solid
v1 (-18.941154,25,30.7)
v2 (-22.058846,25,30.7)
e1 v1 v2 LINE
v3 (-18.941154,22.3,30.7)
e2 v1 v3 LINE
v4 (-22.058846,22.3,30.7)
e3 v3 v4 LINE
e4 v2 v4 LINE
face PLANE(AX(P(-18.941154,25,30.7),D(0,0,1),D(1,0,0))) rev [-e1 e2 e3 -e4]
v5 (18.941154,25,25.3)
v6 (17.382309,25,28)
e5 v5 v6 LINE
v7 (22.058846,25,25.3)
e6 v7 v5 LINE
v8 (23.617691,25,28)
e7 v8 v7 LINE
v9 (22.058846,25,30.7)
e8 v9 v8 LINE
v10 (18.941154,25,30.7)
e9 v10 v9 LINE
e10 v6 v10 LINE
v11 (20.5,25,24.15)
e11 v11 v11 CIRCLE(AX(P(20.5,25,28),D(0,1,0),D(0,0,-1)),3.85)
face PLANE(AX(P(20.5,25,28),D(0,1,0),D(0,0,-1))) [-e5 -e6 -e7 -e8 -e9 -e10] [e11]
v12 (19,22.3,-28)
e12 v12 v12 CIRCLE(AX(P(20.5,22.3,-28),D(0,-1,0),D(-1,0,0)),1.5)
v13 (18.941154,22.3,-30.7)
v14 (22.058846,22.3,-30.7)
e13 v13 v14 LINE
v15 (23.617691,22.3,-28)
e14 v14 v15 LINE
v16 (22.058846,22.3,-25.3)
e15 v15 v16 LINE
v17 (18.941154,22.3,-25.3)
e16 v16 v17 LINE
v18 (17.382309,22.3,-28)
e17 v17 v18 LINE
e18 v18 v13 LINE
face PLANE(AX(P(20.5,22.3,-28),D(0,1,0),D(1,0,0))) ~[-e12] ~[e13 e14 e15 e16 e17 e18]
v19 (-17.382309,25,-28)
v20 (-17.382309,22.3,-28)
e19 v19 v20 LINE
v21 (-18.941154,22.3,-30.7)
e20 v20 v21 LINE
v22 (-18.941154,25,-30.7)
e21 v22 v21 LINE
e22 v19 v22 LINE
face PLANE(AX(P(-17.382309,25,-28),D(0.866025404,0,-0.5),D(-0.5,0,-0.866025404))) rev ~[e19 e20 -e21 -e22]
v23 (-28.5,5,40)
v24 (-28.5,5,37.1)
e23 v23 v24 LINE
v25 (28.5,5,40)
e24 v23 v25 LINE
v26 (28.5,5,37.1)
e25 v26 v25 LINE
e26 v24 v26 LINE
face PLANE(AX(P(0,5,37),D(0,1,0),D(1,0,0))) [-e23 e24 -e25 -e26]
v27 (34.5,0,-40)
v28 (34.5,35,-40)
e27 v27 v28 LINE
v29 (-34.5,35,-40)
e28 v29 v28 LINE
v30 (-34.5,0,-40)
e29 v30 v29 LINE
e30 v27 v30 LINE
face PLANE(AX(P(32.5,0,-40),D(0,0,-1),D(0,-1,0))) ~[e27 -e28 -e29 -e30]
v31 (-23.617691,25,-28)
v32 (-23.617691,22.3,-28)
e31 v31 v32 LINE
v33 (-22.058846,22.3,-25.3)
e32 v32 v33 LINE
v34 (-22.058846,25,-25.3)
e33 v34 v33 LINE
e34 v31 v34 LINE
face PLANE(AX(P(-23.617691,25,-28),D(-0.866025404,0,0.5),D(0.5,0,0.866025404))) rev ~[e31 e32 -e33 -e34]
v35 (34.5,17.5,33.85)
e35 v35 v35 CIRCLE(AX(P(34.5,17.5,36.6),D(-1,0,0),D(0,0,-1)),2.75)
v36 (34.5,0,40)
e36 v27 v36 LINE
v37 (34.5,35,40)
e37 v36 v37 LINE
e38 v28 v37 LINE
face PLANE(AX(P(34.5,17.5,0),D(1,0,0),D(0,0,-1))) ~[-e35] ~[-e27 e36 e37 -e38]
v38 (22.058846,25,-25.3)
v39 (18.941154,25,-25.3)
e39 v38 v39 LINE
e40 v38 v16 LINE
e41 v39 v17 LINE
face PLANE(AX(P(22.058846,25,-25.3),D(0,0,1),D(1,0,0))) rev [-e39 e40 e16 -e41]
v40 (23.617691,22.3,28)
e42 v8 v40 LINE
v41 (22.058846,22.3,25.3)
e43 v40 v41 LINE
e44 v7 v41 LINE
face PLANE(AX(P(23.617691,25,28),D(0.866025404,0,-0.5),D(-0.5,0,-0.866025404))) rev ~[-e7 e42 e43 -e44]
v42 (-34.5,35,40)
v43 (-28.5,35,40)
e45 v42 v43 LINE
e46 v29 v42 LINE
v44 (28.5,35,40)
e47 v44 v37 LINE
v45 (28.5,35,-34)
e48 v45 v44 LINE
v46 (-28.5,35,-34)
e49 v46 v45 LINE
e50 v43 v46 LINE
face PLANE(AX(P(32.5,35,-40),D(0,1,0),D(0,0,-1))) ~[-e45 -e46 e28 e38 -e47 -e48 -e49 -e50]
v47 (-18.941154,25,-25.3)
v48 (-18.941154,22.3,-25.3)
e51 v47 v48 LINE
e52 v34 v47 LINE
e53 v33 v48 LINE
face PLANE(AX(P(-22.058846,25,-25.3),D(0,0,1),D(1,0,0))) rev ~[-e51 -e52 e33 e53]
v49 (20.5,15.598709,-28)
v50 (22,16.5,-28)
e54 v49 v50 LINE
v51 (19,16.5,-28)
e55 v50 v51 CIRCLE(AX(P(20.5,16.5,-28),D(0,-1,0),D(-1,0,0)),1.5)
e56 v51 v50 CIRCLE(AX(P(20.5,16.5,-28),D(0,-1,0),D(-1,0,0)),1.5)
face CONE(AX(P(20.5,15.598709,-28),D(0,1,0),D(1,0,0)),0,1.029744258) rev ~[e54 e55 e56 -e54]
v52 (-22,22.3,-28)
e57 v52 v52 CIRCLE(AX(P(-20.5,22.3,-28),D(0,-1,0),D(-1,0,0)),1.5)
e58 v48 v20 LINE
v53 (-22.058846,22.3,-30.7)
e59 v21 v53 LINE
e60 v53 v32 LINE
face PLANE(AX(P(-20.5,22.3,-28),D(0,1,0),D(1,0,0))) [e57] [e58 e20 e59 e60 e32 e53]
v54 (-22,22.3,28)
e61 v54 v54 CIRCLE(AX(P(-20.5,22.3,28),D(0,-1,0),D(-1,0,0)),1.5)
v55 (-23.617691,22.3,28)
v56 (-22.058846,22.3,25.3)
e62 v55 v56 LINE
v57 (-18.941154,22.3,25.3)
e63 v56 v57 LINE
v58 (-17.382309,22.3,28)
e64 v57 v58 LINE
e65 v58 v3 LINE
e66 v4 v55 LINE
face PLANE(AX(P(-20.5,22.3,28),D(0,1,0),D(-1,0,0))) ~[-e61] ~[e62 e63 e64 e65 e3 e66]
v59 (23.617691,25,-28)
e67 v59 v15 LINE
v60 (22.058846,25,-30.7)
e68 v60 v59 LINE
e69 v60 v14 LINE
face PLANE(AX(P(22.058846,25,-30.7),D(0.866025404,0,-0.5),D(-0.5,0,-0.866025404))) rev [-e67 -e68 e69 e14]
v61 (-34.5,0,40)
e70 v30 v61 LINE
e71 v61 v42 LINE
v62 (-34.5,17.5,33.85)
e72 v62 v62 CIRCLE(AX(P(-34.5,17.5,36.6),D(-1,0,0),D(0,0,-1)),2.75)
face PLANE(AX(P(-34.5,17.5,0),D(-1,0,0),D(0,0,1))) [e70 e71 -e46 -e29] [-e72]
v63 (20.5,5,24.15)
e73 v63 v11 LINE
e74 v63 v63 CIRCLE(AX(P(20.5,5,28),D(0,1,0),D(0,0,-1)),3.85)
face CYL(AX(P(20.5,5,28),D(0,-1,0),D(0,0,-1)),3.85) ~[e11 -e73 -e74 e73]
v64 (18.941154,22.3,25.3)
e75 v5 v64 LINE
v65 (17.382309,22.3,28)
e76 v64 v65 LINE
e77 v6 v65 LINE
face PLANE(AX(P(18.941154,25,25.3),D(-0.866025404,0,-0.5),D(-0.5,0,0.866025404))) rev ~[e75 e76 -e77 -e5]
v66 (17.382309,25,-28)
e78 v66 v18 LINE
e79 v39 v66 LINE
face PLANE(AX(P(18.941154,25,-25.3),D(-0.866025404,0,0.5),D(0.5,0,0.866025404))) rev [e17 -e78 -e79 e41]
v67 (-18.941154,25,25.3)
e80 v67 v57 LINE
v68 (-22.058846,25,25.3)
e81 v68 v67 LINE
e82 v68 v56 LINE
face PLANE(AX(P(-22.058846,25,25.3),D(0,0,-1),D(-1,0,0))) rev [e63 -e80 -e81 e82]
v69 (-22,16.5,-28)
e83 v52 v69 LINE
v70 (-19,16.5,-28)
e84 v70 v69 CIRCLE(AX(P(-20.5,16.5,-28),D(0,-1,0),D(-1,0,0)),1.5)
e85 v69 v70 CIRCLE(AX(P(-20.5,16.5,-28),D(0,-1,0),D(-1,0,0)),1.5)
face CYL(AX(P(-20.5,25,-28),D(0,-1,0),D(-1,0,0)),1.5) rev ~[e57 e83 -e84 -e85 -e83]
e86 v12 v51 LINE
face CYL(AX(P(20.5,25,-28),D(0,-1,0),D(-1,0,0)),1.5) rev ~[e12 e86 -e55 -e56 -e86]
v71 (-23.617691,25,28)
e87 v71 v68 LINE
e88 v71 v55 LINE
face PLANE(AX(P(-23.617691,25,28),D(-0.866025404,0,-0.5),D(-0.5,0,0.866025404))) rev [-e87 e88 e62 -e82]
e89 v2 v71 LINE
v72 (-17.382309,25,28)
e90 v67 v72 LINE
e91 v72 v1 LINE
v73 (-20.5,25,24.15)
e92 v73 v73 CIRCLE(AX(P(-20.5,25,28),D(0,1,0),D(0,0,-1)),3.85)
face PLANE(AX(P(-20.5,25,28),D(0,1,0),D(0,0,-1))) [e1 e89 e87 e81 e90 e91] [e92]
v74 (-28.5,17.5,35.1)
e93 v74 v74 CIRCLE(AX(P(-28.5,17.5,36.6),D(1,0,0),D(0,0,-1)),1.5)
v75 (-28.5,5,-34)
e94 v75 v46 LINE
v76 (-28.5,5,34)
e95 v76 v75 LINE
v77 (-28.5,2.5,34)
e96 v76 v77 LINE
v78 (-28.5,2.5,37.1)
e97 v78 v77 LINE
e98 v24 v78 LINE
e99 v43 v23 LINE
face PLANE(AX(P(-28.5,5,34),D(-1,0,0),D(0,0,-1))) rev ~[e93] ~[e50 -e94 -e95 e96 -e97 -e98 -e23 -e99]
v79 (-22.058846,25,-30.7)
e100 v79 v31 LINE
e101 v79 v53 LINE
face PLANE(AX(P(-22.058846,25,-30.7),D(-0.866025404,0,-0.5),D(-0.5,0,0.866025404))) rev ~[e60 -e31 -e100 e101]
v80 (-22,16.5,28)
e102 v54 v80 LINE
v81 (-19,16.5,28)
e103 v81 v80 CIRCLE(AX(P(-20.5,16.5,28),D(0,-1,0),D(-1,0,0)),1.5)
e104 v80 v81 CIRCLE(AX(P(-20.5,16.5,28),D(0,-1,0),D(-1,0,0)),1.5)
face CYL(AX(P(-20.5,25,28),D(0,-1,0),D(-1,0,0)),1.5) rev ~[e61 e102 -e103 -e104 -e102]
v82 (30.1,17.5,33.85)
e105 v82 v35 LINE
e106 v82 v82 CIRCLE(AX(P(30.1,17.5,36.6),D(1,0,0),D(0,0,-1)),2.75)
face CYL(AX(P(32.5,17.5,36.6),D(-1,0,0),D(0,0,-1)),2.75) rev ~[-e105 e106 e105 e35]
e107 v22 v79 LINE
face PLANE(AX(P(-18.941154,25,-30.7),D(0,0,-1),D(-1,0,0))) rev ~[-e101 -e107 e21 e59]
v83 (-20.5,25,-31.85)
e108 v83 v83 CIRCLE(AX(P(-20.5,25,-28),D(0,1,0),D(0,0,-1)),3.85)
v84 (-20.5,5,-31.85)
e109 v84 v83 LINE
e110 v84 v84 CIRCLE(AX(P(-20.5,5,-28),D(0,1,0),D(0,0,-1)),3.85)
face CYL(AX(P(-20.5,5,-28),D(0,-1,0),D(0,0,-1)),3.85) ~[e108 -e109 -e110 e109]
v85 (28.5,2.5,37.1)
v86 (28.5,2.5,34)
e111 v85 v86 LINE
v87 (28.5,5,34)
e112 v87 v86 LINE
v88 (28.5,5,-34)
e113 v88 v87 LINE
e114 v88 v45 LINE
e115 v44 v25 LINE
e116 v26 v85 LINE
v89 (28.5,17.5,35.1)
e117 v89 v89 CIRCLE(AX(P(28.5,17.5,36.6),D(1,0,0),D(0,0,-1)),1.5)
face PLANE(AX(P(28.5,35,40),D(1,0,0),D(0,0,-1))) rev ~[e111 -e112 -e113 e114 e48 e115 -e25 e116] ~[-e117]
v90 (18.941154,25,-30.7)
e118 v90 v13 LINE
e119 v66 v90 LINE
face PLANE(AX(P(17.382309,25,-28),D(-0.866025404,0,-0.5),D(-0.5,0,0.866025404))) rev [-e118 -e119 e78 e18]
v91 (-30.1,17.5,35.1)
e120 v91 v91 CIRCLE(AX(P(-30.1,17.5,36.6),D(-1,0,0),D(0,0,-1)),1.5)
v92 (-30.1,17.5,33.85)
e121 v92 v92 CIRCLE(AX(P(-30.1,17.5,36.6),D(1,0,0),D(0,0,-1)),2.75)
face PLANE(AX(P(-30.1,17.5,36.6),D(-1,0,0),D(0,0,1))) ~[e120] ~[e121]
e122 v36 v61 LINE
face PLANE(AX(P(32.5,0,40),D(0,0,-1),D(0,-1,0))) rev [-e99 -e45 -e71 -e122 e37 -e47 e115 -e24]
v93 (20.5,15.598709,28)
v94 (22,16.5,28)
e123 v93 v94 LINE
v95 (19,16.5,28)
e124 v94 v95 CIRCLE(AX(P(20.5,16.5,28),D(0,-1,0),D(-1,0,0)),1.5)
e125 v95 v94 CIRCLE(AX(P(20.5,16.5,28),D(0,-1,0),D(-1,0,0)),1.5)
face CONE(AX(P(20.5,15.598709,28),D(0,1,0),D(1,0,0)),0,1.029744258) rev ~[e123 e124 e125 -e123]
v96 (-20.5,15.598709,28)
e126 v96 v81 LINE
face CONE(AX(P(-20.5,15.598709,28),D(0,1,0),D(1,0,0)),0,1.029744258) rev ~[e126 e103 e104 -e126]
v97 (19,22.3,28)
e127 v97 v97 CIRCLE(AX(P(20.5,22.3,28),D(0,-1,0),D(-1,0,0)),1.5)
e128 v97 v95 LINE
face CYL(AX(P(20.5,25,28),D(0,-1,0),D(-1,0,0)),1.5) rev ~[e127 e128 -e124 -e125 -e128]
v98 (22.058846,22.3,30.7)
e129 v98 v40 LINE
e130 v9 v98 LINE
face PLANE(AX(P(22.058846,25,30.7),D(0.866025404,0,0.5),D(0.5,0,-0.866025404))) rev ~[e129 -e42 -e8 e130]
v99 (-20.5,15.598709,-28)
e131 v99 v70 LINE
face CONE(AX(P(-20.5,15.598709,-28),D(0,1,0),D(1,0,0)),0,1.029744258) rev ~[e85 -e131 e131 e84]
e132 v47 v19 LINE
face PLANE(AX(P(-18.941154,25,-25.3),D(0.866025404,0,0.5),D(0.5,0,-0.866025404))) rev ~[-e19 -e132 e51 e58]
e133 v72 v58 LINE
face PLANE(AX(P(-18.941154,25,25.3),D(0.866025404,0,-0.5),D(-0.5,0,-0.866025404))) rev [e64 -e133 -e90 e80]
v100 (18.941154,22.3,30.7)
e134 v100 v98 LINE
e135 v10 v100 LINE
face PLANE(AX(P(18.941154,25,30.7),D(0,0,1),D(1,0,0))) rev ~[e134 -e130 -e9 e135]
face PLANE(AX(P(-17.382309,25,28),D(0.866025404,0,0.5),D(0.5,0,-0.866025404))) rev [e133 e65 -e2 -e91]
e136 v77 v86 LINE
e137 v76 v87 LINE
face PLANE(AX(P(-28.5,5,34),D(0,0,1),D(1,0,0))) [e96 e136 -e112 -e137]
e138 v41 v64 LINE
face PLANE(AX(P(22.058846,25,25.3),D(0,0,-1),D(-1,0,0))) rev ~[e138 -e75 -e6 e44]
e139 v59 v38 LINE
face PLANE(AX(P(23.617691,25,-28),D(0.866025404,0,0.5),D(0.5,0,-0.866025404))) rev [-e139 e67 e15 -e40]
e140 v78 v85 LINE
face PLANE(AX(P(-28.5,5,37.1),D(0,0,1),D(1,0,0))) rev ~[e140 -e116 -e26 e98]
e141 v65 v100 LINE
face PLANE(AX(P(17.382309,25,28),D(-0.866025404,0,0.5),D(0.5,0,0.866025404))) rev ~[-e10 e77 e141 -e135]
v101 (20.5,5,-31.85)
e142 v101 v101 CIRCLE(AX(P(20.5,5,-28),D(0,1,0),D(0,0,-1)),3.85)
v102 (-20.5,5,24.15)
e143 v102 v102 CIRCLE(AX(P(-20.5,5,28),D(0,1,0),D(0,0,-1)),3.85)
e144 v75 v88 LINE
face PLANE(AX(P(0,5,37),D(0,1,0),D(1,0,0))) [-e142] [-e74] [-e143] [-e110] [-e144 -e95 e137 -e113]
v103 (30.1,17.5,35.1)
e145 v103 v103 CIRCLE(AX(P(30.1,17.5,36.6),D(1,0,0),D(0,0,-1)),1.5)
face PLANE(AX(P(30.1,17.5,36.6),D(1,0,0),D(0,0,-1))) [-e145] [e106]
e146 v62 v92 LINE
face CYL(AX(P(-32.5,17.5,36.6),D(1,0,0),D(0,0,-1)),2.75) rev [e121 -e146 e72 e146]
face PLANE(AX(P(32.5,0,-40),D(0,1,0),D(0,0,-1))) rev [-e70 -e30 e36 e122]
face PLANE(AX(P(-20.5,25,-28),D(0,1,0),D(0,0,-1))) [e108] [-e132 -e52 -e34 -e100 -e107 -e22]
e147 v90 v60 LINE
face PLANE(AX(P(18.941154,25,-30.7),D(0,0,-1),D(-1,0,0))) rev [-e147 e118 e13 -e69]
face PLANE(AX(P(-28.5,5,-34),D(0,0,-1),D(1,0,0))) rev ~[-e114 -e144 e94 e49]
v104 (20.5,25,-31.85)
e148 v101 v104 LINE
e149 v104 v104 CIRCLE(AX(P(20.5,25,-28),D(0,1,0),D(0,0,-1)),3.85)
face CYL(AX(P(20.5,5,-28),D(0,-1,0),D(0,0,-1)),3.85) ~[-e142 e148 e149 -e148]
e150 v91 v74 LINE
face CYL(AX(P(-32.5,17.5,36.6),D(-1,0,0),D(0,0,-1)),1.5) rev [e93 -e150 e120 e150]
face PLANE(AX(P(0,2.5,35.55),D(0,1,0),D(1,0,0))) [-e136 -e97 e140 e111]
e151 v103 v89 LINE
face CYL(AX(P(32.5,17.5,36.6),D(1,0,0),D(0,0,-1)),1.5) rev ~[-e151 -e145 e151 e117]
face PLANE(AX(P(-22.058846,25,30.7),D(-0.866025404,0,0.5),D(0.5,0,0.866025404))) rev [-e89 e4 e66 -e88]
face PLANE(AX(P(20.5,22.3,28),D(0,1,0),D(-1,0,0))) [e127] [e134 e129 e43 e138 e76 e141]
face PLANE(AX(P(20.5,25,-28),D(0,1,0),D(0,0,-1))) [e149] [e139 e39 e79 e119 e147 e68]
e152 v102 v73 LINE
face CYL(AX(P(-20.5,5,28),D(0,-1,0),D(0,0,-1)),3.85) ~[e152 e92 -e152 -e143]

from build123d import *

# Parameters (mm, degrees)
SKETCH1_W                                = 65
SKETCH1_H                                = 80
BOSS_EXTRUDE1_DEPTH                      = 5
SKETCH2_W                                = 65
SKETCH2_H                                = 80
SKETCH2_W_2                              = 57
SKETCH2_H_2                              = 68
BOSS_EXTRUDE2_DEPTH                      = 30
SKETCH3_R                                = 3.85
BOSS_EXTRUDE3_DEPTH                      = 20
F_3_0MM_DOWEL_HOLE1_D                    = 3
F_3_0MM_DOWEL_HOLE1_DEPTH                = 8.5
F_3_0MM_DOWEL_HOLE1_CSINK_D              = 3.05
F_3_0MM_DOWEL_HOLE1_CSINK_ANGLE          = 90
F_3_0MM_DOWEL_HOLE1_TIP                  = 0.901290929
CUT_EXTRUDE1_DEPTH                       = 2.7
MIRROR1_AT_THE_SECOND_PLANE_COPY_1_DEPTH = 2.7
SKETCH13_R                               = 2.75
CUT_EXTRUDE4_DEPTH                       = 2.4
SKETCH14_R                               = 1.5
CUT_EXTRUDE5_DEPTH                       = 4
SKETCH11_W                               = 57
SKETCH11_H                               = 6
CUT_EXTRUDE2_DEPTH                       = 30
SKETCH15_W                               = 57
SKETCH15_H                               = 3.1
CUT_EXTRUDE6_DEPTH                       = 2.5
SKETCH16_W                               = 80
SKETCH16_H                               = 35
SKETCH16_R                               = 2.75
BOSS_EXTRUDE4_DEPTH                      = 2


with BuildPart() as part:
    # Sketch1 → Boss-Extrude1 (new body)
    with BuildSketch(Plane(origin=(0, 0, 0), x_dir=(1, 0, 0), z_dir=(0, 1, 0))):
        Rectangle(SKETCH1_W, SKETCH1_H)
    extrude(amount=BOSS_EXTRUDE1_DEPTH)

    # Sketch2 → Boss-Extrude2 (add)
    with BuildSketch(Plane(origin=(0, 5, 0), x_dir=(1, 0, 0), z_dir=(0, 1, 0))):
        Rectangle(SKETCH2_W, SKETCH2_H)
        Rectangle(SKETCH2_W_2, SKETCH2_H_2, mode=Mode.SUBTRACT)
    extrude(amount=BOSS_EXTRUDE2_DEPTH)

    # Sketch3 → Boss-Extrude3 (add)
    with BuildSketch(Plane(origin=(0, 5, 0), x_dir=(1, 0, 0), z_dir=(0, 1, 0))):
        with Locations(Location((-20.5, -28, 0), (0, 0, 90))):
            Circle(SKETCH3_R)
        with Locations(Location((20.5, -28, 0), (0, 0, 90))):
            Circle(SKETCH3_R)
        with Locations(Location((20.5, 28, 0), (0, 0, 90))):
            Circle(SKETCH3_R)
        with Locations(Location((-20.5, 28, 0), (0, 0, 90))):
            Circle(SKETCH3_R)
    extrude(amount=BOSS_EXTRUDE3_DEPTH)

    # Ø3.0mm Dowel Hole1
    with Locations(Plane(origin=(0, 25, 0), x_dir=(1, 0, 0), z_dir=(0, 1, 0))):
        with Locations((-20.5, 28), (20.5, 28), (20.5, -28), (-20.5, -28)):
            CounterSinkHole(F_3_0MM_DOWEL_HOLE1_D / 2, F_3_0MM_DOWEL_HOLE1_CSINK_D / 2, depth=F_3_0MM_DOWEL_HOLE1_DEPTH, counter_sink_angle=F_3_0MM_DOWEL_HOLE1_CSINK_ANGLE)
            with Locations((0, 0, -(F_3_0MM_DOWEL_HOLE1_DEPTH + F_3_0MM_DOWEL_HOLE1_TIP / 2))):  # 118° drill point
                Cone(0, F_3_0MM_DOWEL_HOLE1_D / 2, F_3_0MM_DOWEL_HOLE1_TIP, mode=Mode.SUBTRACT)

    # Sketch8 → Cut-Extrude1 (cut)
    with BuildSketch(Plane(origin=(0, 25, 0), x_dir=(1, 0, 0), z_dir=(0, 1, 0))):
        Polygon((-17.382308546, 28), (-18.941154273, 30.7), (-22.058845727, 30.7), (-23.617691454, 28), (-22.058845727, 25.3), (-18.941154273, 25.3), align=None)
    cut_extrude1 = extrude(amount=-CUT_EXTRUDE1_DEPTH, mode=Mode.SUBTRACT)

    # Mirror1: Cut-Extrude1 across plane
    add(cut_extrude1.mirror(Plane.XY), mode=Mode.SUBTRACT)

    # Mirror1 at the second plane: Cut-Extrude1 across plane
    add(cut_extrude1.mirror(Plane(origin=(0, 0, 0), x_dir=(0, 0, 1), z_dir=(1, 0, 0))), mode=Mode.SUBTRACT)

    # Mirror1 at the second plane copy 1 sketc → Mirror1 at the second plane copy 1 (cut)
    with BuildSketch(Plane(origin=(0, 25, 0), x_dir=(-1, 0, 0), z_dir=(0, 1, 0))):
        Polygon((-17.382308546, 28), (-18.941154273, 30.7), (-22.058845727, 30.7), (-23.617691454, 28), (-22.058845727, 25.3), (-18.941154273, 25.3), align=None)
    extrude(amount=-MIRROR1_AT_THE_SECOND_PLANE_COPY_1_DEPTH, mode=Mode.SUBTRACT)

    # Sketch13 → Cut-Extrude4 (cut)
    with BuildSketch(Plane(origin=(32.5, 0, 0), x_dir=(0, 0, -1), z_dir=(1, 0, 0))):
        with Locations((-36.6, 17.5)):
            Circle(SKETCH13_R)
    cut_extrude4 = extrude(amount=-CUT_EXTRUDE4_DEPTH, mode=Mode.SUBTRACT)

    # Sketch14 → Cut-Extrude5 (cut)
    with BuildSketch(Plane(origin=(32.5, 0, 0), x_dir=(0, 0, -1), z_dir=(1, 0, 0))):
        with Locations((-36.6, 17.5)):
            Circle(SKETCH14_R)
    cut_extrude5 = extrude(amount=-CUT_EXTRUDE5_DEPTH, mode=Mode.SUBTRACT)

    # Mirror2: Cut-Extrude4, Cut-Extrude5 across plane
    add(cut_extrude4.mirror(Plane(origin=(0, 0, 0), x_dir=(0, 0, 1), z_dir=(1, 0, 0))), mode=Mode.SUBTRACT)
    add(cut_extrude5.mirror(Plane(origin=(0, 0, 0), x_dir=(0, 0, 1), z_dir=(1, 0, 0))), mode=Mode.SUBTRACT)

    # Sketch11 → Cut-Extrude2 (cut)
    with BuildSketch(Plane(origin=(0, 35, 0), x_dir=(1, 0, 0), z_dir=(0, 1, 0))):
        with Locations((0, -37)):
            Rectangle(SKETCH11_W, SKETCH11_H)
    extrude(amount=-CUT_EXTRUDE2_DEPTH, mode=Mode.SUBTRACT)

    # Sketch15 → Cut-Extrude6 (cut)
    with BuildSketch(Plane(origin=(0, 5, 0), x_dir=(1, 0, 0), z_dir=(0, 1, 0))):
        with Locations((0, -35.55)):
            Rectangle(SKETCH15_W, SKETCH15_H)
    extrude(amount=-CUT_EXTRUDE6_DEPTH, mode=Mode.SUBTRACT)

    # Sketch16 → Boss-Extrude4 (add)
    with BuildSketch(Plane.ZY.offset(32.5)):
        with Locations((0, 17.5)):
            Rectangle(SKETCH16_W, SKETCH16_H)
        with Locations(Location((36.6, 17.5, 0), (0, 0, 180))):
            Circle(SKETCH16_R, mode=Mode.SUBTRACT)
    boss_extrude4 = extrude(amount=BOSS_EXTRUDE4_DEPTH)

    # Mirror3: Boss-Extrude4 across plane
    add(boss_extrude4.mirror(Plane(origin=(0, 0, 0), x_dir=(0, 0, 1), z_dir=(1, 0, 0))))


solid = part.part
